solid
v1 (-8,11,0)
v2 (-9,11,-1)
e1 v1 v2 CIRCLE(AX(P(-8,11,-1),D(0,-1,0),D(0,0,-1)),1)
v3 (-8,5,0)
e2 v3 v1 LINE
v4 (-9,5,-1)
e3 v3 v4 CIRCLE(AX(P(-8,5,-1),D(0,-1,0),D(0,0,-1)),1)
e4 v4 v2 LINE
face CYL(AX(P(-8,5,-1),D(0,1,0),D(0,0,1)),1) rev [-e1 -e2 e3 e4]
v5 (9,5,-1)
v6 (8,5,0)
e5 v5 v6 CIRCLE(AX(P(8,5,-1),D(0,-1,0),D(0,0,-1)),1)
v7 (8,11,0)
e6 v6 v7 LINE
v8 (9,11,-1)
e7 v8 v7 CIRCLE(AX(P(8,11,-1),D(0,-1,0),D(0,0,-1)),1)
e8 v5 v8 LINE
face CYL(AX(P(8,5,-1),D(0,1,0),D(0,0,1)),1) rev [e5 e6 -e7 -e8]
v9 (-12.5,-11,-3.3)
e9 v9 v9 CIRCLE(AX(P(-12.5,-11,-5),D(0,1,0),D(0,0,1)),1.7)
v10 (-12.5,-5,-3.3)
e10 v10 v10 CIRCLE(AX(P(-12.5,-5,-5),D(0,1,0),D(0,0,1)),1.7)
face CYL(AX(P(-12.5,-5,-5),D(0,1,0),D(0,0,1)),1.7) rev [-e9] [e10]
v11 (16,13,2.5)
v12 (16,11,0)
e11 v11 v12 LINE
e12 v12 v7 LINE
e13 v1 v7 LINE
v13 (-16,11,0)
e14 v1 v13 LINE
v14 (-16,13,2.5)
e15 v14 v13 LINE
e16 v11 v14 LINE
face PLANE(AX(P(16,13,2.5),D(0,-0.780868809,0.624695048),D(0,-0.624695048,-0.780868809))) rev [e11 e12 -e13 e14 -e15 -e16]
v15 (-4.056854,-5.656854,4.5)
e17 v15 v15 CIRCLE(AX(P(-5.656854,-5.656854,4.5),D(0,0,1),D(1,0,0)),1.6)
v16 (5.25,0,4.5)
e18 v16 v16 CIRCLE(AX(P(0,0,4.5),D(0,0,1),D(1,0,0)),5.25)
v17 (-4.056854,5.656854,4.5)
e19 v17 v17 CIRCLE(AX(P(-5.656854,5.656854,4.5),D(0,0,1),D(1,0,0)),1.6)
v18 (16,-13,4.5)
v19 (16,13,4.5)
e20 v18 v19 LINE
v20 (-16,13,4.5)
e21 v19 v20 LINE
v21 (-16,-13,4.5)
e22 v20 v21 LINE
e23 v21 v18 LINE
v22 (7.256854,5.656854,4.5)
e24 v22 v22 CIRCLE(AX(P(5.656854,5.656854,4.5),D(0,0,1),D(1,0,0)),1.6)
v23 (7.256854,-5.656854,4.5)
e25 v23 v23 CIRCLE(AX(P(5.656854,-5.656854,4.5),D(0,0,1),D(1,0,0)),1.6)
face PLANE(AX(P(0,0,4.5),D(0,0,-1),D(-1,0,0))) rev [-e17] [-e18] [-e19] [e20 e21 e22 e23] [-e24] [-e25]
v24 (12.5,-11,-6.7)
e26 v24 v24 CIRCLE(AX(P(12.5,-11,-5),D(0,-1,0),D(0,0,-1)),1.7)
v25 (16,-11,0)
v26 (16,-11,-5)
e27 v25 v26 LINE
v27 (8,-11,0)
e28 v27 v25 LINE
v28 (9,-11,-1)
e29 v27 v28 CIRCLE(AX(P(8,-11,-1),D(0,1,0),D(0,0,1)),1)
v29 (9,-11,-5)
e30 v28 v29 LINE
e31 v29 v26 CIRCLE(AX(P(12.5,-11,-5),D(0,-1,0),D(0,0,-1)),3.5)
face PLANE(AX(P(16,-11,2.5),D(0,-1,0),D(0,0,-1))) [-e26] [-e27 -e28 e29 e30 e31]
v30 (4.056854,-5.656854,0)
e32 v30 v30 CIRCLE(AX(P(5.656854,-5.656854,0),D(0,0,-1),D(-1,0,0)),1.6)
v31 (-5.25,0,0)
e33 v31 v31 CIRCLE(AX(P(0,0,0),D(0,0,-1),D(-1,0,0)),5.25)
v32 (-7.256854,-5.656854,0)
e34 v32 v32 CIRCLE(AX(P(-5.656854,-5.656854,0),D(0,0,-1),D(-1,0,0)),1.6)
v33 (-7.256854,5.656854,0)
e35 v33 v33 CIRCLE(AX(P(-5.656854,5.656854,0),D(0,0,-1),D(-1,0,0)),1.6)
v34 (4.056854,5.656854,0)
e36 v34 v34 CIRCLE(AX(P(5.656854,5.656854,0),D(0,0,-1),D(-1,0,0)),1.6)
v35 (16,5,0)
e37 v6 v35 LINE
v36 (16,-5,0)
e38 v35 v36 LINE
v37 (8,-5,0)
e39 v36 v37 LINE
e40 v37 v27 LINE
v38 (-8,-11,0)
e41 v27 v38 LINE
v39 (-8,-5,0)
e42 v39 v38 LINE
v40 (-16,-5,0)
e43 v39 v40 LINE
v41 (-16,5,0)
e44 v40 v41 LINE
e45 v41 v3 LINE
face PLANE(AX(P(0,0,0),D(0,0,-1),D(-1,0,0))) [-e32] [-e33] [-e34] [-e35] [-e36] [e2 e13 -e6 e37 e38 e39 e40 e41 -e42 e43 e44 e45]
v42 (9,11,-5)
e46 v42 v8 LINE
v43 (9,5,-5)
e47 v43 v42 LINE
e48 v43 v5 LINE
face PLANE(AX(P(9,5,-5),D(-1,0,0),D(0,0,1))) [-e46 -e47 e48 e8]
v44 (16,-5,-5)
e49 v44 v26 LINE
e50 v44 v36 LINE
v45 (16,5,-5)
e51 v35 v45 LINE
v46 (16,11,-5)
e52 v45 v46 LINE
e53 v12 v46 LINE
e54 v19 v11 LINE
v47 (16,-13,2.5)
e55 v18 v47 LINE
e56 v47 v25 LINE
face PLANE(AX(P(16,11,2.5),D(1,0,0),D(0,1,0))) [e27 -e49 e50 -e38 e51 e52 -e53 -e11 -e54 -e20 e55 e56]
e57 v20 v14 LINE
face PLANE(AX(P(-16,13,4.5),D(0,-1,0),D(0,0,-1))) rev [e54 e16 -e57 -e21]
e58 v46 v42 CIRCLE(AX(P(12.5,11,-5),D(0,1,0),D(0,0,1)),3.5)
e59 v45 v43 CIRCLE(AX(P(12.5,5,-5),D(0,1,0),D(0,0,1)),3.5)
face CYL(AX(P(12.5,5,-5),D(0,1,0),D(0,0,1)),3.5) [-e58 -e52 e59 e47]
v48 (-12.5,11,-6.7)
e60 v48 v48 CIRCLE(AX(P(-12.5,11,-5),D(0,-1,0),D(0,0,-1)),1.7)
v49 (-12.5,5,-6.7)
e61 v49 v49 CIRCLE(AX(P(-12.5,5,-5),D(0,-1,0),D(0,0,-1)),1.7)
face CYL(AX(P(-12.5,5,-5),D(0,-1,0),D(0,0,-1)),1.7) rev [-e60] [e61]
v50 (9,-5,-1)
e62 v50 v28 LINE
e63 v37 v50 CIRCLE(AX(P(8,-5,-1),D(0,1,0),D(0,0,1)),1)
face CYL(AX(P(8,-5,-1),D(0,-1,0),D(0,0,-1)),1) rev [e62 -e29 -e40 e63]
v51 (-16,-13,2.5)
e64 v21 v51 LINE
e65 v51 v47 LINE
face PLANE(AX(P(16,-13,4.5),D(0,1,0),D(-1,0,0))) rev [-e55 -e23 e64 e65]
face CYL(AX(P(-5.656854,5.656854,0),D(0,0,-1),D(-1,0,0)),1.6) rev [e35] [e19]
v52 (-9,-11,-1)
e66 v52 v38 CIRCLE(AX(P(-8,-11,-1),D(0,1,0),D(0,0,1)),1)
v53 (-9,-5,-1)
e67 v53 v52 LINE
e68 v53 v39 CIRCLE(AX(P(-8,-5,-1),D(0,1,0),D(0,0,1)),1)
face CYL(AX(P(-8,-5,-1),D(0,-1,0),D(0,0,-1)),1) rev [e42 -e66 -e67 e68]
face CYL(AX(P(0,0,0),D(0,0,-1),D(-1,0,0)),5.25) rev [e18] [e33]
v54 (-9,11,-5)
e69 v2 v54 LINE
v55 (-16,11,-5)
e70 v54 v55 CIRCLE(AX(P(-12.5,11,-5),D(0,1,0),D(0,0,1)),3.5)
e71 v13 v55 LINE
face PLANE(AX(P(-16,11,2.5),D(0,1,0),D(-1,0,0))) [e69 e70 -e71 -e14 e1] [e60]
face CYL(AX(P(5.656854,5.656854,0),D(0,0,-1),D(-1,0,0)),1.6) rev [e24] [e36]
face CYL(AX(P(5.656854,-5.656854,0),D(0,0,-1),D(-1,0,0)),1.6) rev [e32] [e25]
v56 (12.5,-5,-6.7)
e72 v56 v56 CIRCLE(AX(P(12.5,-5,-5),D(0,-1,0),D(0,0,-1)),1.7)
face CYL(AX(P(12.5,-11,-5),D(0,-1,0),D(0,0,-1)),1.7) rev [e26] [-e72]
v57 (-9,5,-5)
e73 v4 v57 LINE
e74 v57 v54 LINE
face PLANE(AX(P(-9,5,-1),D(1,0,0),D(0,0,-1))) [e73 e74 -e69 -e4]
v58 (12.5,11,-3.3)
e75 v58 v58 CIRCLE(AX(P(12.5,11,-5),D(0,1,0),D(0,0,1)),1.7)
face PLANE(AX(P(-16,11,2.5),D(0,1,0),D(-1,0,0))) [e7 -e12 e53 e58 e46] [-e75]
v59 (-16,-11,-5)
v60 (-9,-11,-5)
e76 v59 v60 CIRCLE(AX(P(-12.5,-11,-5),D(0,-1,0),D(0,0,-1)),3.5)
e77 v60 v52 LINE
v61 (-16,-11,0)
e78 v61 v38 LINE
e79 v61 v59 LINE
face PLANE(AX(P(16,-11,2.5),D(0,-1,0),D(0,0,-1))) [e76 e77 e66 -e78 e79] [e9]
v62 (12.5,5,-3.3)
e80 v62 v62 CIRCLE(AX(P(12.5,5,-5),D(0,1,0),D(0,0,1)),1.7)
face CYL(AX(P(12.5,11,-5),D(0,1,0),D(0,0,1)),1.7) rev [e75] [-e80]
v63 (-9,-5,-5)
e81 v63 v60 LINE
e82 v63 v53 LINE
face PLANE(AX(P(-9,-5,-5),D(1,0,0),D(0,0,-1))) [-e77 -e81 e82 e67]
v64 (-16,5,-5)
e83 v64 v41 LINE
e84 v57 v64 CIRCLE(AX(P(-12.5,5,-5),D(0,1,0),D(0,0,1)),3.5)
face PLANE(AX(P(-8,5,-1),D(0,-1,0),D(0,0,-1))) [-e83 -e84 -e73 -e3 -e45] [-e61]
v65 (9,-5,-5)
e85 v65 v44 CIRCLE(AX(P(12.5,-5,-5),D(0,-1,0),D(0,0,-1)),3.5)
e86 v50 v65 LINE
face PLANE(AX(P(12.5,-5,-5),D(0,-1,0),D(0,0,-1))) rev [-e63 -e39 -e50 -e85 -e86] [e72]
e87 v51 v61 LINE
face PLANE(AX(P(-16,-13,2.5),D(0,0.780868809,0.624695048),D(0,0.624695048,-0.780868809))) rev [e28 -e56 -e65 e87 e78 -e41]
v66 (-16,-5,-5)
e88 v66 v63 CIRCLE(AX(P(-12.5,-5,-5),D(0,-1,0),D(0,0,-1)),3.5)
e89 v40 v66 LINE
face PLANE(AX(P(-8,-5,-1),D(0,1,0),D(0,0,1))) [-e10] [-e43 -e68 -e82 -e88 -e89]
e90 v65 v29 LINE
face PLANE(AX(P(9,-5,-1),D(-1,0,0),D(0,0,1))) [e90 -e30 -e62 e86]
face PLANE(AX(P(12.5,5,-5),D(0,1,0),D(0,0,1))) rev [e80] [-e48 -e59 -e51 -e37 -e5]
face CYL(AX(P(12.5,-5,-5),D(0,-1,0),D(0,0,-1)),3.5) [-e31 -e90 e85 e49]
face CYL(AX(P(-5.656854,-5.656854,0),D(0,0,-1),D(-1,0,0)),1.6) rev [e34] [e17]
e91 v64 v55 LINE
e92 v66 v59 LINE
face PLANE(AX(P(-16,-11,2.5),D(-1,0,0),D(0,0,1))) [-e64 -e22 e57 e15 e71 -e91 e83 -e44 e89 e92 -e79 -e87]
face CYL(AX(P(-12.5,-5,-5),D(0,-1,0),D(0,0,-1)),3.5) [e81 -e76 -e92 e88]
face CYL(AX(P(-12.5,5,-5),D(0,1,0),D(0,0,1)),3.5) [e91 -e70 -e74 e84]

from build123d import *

# Parameters (mm, degrees)
SKETCH_1_W                  = 32
SKETCH_1_H                  = 22
EXTRUDE_1_DEPTH             = 2.5
EXTRUDE_2_DEPTH             = 6
EXTRUDE_3_DEPTH             = 6
EXTRUDE_START               = -6
EXTRUDE_4_DEPTH             = 6
EXTRUDE_5_DEPTH             = 6
HOLE_WIZARD_3_4_3_4_1_D     = 3.4
HOLE_WIZARD_3_4_3_4_1_DEPTH = 6
HOLE_WIZARD_3_4_3_4_2_D     = 3.4
HOLE_WIZARD_3_4_3_4_2_DEPTH = 6
HOLE_WIZARD_3_4_3_4_3_D     = 3.4
HOLE_WIZARD_3_4_3_4_4_D     = 3.4
HOLE_WIZARD_3_4_3_4_4_DEPTH = 22
HOLE_WIZARD_3_2_3_2_1_D     = 3.2
HOLE_WIZARD_10_5_10_5_1_D   = 10.5
EXTRUDE_START_2             = 2
SKETCH_18_R                 = 1.6
SKETCH_18_R_2               = 5.25
EXTRUDE_7_DEPTH             = 2
RIB_1_REACH                 = 43.485
SKETCH_20_WALL_W            = 88.17143617
SKETCH_20_WALL_H            = 32
RIB_2_REACH                 = 43.485
SKETCH_22_WALL_W            = 88.17143617
SKETCH_22_WALL_H            = 32


with BuildPart() as part:
    # 草图1 → 凸台-拉伸1 (new body)
    with BuildSketch(Plane(origin=(0, 0, 0), x_dir=(-1, 0, 0), z_dir=(0, 0, -1))):
        Rectangle(SKETCH_1_W, SKETCH_1_H)
    extrude(amount=-EXTRUDE_1_DEPTH)

    # 草图2 → 凸台-拉伸2 (add)
    with BuildSketch(Plane(origin=(0, 11, 0), x_dir=(1, 0, 0), z_dir=(0, 1, 0))):
        with BuildLine():
            Line((9, 5), (9, 1))
            ThreePointArc((9, 1), (8.707106781, 0.292893219), (8, 0))
            Line((8, 0), (16, 0))
            Line((16, 0), (16, 5))
            ThreePointArc((16, 5), (12.5, 8.5), (9, 5))
        make_face()
    extrude(amount=-EXTRUDE_2_DEPTH)

    # 草图3 → 凸台-拉伸3 (add)
    with BuildSketch(Plane(origin=(0, 11, 0), x_dir=(1, 0, 0), z_dir=(0, 1, 0))):
        with BuildLine():
            Line((-16, 0), (-8, 0))
            ThreePointArc((-8, 0), (-8.707106781, 0.292893219), (-9, 1))
            Line((-9, 1), (-9, 5))
            ThreePointArc((-9, 5), (-12.5, 8.5), (-16, 5))
            Line((-16, 5), (-16, 0))
        make_face()
    extrude(amount=-EXTRUDE_3_DEPTH)

    # 草图4 → 凸台-拉伸4 (add)
    with BuildSketch(Plane.XZ.offset(11).offset(EXTRUDE_START)):
        with BuildLine():
            Line((-8, 0), (-16, 0))
            Line((-16, 0), (-16, -5))
            ThreePointArc((-16, -5), (-12.5, -8.5), (-9, -5))
            Line((-9, -5), (-9, -1))
            ThreePointArc((-9, -1), (-8.707106781, -0.292893219), (-8, 0))
        make_face()
    extrude(amount=EXTRUDE_4_DEPTH)

    # 草图5 → 凸台-拉伸5 (add)
    with BuildSketch(Plane.XZ.offset(11).offset(EXTRUDE_START)):
        with BuildLine():
            Line((16, -5), (16, 0))
            Line((16, 0), (8, 0))
            ThreePointArc((8, 0), (8.707106781, -0.292893219), (9, -1))
            Line((9, -1), (9, -5))
            ThreePointArc((9, -5), (12.5, -8.5), (16, -5))
        make_face()
    extrude(amount=EXTRUDE_5_DEPTH)

    # Ø3.4 (3.4) 直径孔1
    with Locations(Plane(origin=(0, -5, 0), x_dir=(1, 0, 0), z_dir=(0, 1, 0))):
        with Locations((-12.5, 5)):
            Hole(HOLE_WIZARD_3_4_3_4_1_D / 2, depth=HOLE_WIZARD_3_4_3_4_1_DEPTH)

    # Ø3.4 (3.4) 直径孔2
    with Locations(Plane(origin=(0, -11, 0), x_dir=(-1, 0, 0), z_dir=(0, -1, 0))):
        with Locations((-12.5, 5)):
            Hole(HOLE_WIZARD_3_4_3_4_2_D / 2, depth=HOLE_WIZARD_3_4_3_4_2_DEPTH)

    # Ø3.4 (3.4) 直径孔3 (through all)
    with Locations(Plane(origin=(0, 5, 0), x_dir=(-1, 0, 0), z_dir=(0, -1, 0))):
        with Locations((12.5, 5)):
            Hole(HOLE_WIZARD_3_4_3_4_3_D / 2)

    # Ø3.4 (3.4) 直径孔4
    with Locations(Plane(origin=(0, 11, 0), x_dir=(1, 0, 0), z_dir=(0, 1, 0))):
        with Locations((12.5, 5)):
            Hole(HOLE_WIZARD_3_4_3_4_4_D / 2, depth=HOLE_WIZARD_3_4_3_4_4_DEPTH)

    # Ø3.2 (3.2) 直径孔1 (through all)
    with Locations(Plane(origin=(0, 0, 0), x_dir=(-1, 0, 0), z_dir=(0, 0, -1))):
        with Locations((5.656854249, 5.656854249), (-5.656854249, 5.656854249), (-5.656854249, -5.656854249), (5.656854249, -5.656854249)):
            Hole(HOLE_WIZARD_3_2_3_2_1_D / 2)

    # Ø10.5 (10.5) 直径孔1 (through all)
    with Locations(Plane(origin=(0, 0, 0), x_dir=(-1, 0, 0), z_dir=(0, 0, -1))):
        with Locations((0, 0)):
            Hole(HOLE_WIZARD_10_5_10_5_1_D / 2)

    # 草图18 → 凸台-拉伸7 (add)
    with BuildSketch(Plane.XY.offset(2.5).offset(EXTRUDE_START_2)):
        Polygon((-16, 11), (-16, 13), (16, 13), (16, 11), (16, -11), (16, -13), (-16, -13), (-16, -11), align=None)
        with Locations(Location((-5.656854249, 5.656854249, 0), (0, 0, 180))):
            Circle(SKETCH_18_R, mode=Mode.SUBTRACT)
        with Locations(Location((5.656854249, 5.656854249, 0), (0, 0, 180))):
            Circle(SKETCH_18_R, mode=Mode.SUBTRACT)
        with Locations(Location((5.656854249, -5.656854249, 0), (0, 0, 180))):
            Circle(SKETCH_18_R, mode=Mode.SUBTRACT)
        with Locations(Location((-5.656854249, -5.656854249, 0), (0, 0, 180))):
            Circle(SKETCH_18_R, mode=Mode.SUBTRACT)
        with Locations(Location((0, 0, 0), (0, 0, 180))):
            Circle(SKETCH_18_R_2, mode=Mode.SUBTRACT)
    extrude(amount=-EXTRUDE_7_DEPTH)

    # 草图20 wall → 筋1 (add, up to next)
    with BuildSketch(Plane(origin=(-16, -12, 1.25), x_dir=(0, 0.624695047554, -0.780868809443), z_dir=(0, -0.780868809443, -0.624695047554)), mode=Mode.PRIVATE) as rib_1_sk1:
        with Locations((0, 16)):
            Rectangle(SKETCH_20_WALL_W, SKETCH_20_WALL_H)
    rib_1_tool1 = extrude(rib_1_sk1.sketch, amount=-RIB_1_REACH, mode=Mode.PRIVATE) - part.part
    add(rib_1_tool1.solids().sort_by_distance((-16, -12, 1.25))[0])

    # 草图22 wall → 筋2 (add, up to next)
    with BuildSketch(Plane(origin=(16, 12, 1.25), x_dir=(0, -0.624695047554, -0.780868809443), z_dir=(0, 0.780868809443, -0.624695047554)), mode=Mode.PRIVATE) as rib_2_sk1:
        with Locations((0, 16)):
            Rectangle(SKETCH_22_WALL_W, SKETCH_22_WALL_H)
    rib_2_tool1 = extrude(rib_2_sk1.sketch, amount=-RIB_2_REACH, mode=Mode.PRIVATE) - part.part
    add(rib_2_tool1.solids().sort_by_distance((16, 12, 1.25))[0])


solid = part.part
